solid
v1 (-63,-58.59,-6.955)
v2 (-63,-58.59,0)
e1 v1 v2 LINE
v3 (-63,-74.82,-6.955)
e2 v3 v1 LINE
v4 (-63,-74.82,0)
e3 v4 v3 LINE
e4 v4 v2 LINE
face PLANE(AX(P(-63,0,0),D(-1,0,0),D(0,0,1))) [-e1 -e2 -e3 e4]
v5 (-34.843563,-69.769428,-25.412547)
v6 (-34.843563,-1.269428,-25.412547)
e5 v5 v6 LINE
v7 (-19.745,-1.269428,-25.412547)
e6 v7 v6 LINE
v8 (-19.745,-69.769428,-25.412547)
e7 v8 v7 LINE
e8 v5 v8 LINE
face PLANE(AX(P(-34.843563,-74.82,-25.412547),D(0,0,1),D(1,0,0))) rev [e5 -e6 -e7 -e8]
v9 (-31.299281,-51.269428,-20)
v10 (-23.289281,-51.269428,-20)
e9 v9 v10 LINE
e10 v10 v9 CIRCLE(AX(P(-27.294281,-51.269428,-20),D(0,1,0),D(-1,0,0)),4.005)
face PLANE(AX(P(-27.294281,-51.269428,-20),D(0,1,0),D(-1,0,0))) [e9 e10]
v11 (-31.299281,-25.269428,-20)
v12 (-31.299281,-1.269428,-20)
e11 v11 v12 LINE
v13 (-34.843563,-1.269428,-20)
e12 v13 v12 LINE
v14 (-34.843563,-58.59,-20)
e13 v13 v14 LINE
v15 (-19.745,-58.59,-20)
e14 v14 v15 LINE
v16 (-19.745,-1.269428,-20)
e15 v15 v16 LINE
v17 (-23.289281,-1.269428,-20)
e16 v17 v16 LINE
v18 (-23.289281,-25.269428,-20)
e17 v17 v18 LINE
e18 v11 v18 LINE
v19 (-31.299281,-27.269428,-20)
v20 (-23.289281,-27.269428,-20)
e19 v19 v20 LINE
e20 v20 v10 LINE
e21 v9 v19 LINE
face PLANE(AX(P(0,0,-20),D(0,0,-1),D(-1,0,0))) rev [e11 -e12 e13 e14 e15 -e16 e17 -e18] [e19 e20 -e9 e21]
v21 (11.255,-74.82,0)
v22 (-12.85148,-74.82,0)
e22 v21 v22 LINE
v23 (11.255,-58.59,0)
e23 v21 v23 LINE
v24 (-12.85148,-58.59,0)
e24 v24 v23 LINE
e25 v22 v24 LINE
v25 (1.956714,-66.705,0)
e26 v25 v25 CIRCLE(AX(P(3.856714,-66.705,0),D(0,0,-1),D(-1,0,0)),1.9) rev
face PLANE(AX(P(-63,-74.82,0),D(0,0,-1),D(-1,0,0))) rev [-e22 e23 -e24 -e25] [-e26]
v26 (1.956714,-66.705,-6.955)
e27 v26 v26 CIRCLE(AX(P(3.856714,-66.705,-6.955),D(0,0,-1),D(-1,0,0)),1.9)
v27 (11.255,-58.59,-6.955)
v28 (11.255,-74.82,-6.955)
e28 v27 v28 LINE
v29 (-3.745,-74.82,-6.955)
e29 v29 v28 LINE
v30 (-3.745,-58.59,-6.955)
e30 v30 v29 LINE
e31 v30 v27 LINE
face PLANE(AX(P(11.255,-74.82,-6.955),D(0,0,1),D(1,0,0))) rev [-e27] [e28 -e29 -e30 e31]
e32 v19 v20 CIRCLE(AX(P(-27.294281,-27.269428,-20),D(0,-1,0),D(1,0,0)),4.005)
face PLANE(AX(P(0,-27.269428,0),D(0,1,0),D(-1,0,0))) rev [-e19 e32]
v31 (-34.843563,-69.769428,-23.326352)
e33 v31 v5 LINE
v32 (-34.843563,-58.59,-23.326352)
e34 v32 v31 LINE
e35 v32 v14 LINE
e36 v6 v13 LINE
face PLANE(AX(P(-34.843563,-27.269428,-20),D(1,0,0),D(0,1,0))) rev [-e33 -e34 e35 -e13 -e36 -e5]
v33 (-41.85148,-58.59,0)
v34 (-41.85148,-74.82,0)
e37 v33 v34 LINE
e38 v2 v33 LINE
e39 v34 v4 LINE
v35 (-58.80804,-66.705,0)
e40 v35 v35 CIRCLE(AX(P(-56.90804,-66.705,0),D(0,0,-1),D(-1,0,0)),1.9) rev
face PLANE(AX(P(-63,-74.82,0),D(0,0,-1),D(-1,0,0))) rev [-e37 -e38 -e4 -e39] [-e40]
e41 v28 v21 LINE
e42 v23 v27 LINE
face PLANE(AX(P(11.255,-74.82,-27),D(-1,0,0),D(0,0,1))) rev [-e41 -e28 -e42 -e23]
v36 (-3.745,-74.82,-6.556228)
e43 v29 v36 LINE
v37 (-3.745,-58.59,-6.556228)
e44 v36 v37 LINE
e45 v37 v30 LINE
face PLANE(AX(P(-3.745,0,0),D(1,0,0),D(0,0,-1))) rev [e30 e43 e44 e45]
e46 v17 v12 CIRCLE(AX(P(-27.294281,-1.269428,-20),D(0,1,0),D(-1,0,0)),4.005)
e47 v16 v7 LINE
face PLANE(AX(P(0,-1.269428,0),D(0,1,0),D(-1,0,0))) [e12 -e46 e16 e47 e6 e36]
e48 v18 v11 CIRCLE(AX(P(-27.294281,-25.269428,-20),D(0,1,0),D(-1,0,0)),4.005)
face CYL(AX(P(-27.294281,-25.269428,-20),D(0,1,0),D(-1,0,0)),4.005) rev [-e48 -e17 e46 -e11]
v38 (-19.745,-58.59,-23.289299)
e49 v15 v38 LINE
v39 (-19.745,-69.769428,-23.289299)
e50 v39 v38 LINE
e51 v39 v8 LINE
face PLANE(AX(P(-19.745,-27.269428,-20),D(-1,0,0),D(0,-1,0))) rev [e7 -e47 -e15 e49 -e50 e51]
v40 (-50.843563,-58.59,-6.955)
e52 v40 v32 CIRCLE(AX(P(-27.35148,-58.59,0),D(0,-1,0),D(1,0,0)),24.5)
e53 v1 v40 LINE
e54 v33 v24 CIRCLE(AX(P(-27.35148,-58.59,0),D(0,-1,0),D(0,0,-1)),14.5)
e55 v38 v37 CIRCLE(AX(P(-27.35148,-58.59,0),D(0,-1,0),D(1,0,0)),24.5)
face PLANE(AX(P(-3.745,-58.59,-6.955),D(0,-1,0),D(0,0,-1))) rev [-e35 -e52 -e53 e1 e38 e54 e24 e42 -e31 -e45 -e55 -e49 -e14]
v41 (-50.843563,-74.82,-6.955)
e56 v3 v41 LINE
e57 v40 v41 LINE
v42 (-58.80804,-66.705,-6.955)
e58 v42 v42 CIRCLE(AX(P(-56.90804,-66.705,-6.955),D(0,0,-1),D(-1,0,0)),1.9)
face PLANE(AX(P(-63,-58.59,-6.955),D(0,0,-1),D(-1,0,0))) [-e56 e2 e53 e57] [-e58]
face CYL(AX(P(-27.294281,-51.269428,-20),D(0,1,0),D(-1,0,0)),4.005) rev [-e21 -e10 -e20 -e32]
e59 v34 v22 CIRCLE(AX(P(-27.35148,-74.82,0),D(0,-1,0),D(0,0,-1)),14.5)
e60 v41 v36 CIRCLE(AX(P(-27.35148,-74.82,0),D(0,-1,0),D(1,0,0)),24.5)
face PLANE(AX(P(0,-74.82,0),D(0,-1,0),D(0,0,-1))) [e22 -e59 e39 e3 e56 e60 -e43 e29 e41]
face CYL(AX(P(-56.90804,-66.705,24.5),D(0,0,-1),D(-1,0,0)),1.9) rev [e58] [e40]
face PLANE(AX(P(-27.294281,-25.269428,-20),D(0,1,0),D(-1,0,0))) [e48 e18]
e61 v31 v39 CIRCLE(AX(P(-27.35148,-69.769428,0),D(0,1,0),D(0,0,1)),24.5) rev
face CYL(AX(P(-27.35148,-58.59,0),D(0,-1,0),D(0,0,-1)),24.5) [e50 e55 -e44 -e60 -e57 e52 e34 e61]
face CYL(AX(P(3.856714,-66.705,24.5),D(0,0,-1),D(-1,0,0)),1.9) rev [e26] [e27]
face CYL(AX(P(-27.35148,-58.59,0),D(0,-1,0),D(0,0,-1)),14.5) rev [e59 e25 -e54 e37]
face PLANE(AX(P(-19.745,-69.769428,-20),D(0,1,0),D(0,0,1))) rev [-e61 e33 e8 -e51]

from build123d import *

# Parameters (mm, degrees)
SKETCH_1_W                = 48.51
SKETCH_1_H                = 34
SKETCH_1_W_2              = 28.51
SKETCH_1_H_2              = 14
EXTRUDE_1_DEPTH           = 12.25
SKETCH_2_R                = 1.91
CUT_EXTRUDE_1_DEPTH       = 33.05257439
SKETCH_4_W                = 13
SKETCH_4_H                = 13.91
EXTRUDE_1_2_DEPTH         = 74.82
SKETCH_5_W                = 13.91
SKETCH_5_H                = 16.23
EXTRUDE_2_DEPTH           = 15
SKETCH_7_R                = 24.5
SKETCH_7_R_2              = 14.5
EXTRUDE_2_2_DEPTH         = 16.23
SKETCH_12_R               = 1.9
CUT_EXTRUDE_4_DEPTH       = 97.312124675
EXTRUDE_3_DEPTH           = 10
EXTRUDE_3_DEPTH_BACK      = 8
SKETCH_13_W               = 13.91
SKETCH_13_H               = 16.23
SKETCH_14_R               = 1.9
CUT_EXTRUDE_5_DEPTH       = 103.744583434
SKETCH_16_W               = 90.709398763
SKETCH_16_H               = 28.955068616
CUT_EXTRUDE_7_DEPTH       = 111.229011154
SKETCH_18_W               = 13
SKETCH_18_H               = 93.080932143
CUT_EXTRUDE_10_DEPTH      = 27
CUT_EXTRUDE_11_DEPTH      = 57
CUT_EXTRUDE_11_DEPTH_BACK = 27
SKETCH_17_W               = 20.23049449
SKETCH_17_H               = 80.723570055
SKETCH_21_W               = 15.09856282
SKETCH_21_H               = 42.5
EXTRUDE_6_DEPTH           = 10
SKETCH_22_R               = 4.005
CUT_EXTRUDE_12_DEPTH      = 24
SKETCH_23_W               = 15.09856282
SKETCH_23_H               = 4.587452919
CUT_EXTRUDE_13_DEPTH      = 85.439664289
SKETCH_24_W               = 15.09856282
SKETCH_24_H               = 5.412547081
EXTRUDE_8_DEPTH           = 26
SKETCH_25_R               = 4.005
CUT_EXTRUDE_14_DEPTH      = 24


with BuildPart() as part:
    # 草圖1 → Extrude 1 (new body)
    with BuildSketch(Plane(origin=(0, 0, 0), x_dir=(1, 0, 0), z_dir=(0, 1, 0))):
        Rectangle(SKETCH_1_W, SKETCH_1_H)
        Rectangle(SKETCH_1_W_2, SKETCH_1_H_2, mode=Mode.SUBTRACT)
    extrude(amount=EXTRUDE_1_DEPTH)

    # 草圖2 → 除料-伸長1 (cut, through all)
    with BuildSketch(Plane(origin=(0, 12.25, 0), x_dir=(1, 0, 0), z_dir=(0, 1, 0))):
        with Locations(Location((-19.255, 0, 0), (0, 0, 270))):
            Circle(SKETCH_2_R)
        with Locations(Location((19.255, 0, 0), (0, 0, 270))):
            Circle(SKETCH_2_R)
    extrude(amount=-CUT_EXTRUDE_1_DEPTH, mode=Mode.SUBTRACT)

    # 草圖4 → Extrude 1 2 (add)
    with BuildSketch(Plane.XZ):
        with Locations((17.755, 0)):
            Rectangle(SKETCH_4_W, SKETCH_4_H)
    extrude(amount=EXTRUDE_1_2_DEPTH)

    # 草圖5 → Extrude 2 (add)
    with BuildSketch(Plane.ZY.offset(-11.255)):
        with Locations((0, -66.705)):
            Rectangle(SKETCH_5_W, SKETCH_5_H)
    extrude(amount=EXTRUDE_2_DEPTH)

    # 草圖7 → Extrude 2 2 (add)
    with BuildSketch(Plane(origin=(3.626674765, -74.82, 0), x_dir=(1, 0, 0), z_dir=(0, -1, 0))):
        with Locations((-30.978154344, 0)):
            Circle(SKETCH_7_R)
        with Locations((-30.978154344, 0)):
            Circle(SKETCH_7_R_2, mode=Mode.SUBTRACT)
    extrude(amount=-EXTRUDE_2_2_DEPTH)

    # 草圖12 → 除料-伸長4 (cut, through all)
    with BuildSketch(Plane(origin=(0, 0, -6.955), x_dir=(-1, 0, 0), z_dir=(0, 0, -1))):
        with Locations((-3.856713649, -66.705)):
            Circle(SKETCH_12_R)
    extrude(amount=-CUT_EXTRUDE_4_DEPTH, mode=Mode.SUBTRACT)

    # 草圖13 → 填料-伸長3 (add, two sides: drawn at the far end of the back side and taken through both)
    with BuildSketch(Plane(origin=(-55, 0, 0), x_dir=(0, 0, -1), z_dir=(1, 0, 0)).offset(-EXTRUDE_3_DEPTH_BACK)):
        with Locations((0, -66.705)):
            Rectangle(SKETCH_13_W, SKETCH_13_H)
    extrude(amount=EXTRUDE_3_DEPTH + EXTRUDE_3_DEPTH_BACK)

    # 草圖14 → 除料-伸長5 (cut, through all)
    with BuildSketch(Plane(origin=(0, 0, -6.955), x_dir=(-1, 0, 0), z_dir=(0, 0, -1))):
        with Locations((56.908040017, -66.705)):
            Circle(SKETCH_14_R)
    extrude(amount=-CUT_EXTRUDE_5_DEPTH, mode=Mode.SUBTRACT)

    # 草圖16 → 除料-伸長7 (cut, through all)
    with BuildSketch(Plane(origin=(0, 12.25, 0), x_dir=(1, 0, 0), z_dir=(0, 1, 0))):
        with Locations((-17.645300619, -14.477534308)):
            Rectangle(SKETCH_16_W, SKETCH_16_H)
    extrude(amount=-CUT_EXTRUDE_7_DEPTH, mode=Mode.SUBTRACT)

    # 草圖18 → 除料-伸長10 (cut)
    with BuildSketch(Plane.XY):
        with Locations((17.755, -28.279533929)):
            Rectangle(SKETCH_18_W, SKETCH_18_H)
    extrude(amount=-CUT_EXTRUDE_10_DEPTH, mode=Mode.SUBTRACT)


with BuildPart() as cut_extrude_10_piece_1:
    # of the separate pieces the step leaves, piece 1, a body of its own (cut_extrude_10_pieces)
    add(part.part.solids().sort_by_distance((11.255, -58.59, -6.955))[0])

    # 草圖21 → 填料-伸長6 (add)
    with BuildSketch(Plane.XY.offset(-30)):
        with Locations((-27.29428141, -48.519427919)):
            Rectangle(SKETCH_21_W, SKETCH_21_H)
    extrude(amount=EXTRUDE_6_DEPTH)

    # 草圖22 → 除料-伸長12 (cut)
    with BuildSketch(Plane(origin=(0, -27.269427919, 0), x_dir=(1, 0, 0), z_dir=(0, 1, 0))):
        with Locations((-27.29428141, 20)):
            Circle(SKETCH_22_R)
    extrude(amount=-CUT_EXTRUDE_12_DEPTH, mode=Mode.SUBTRACT)

    # 草圖23 → 除料-伸長13 (cut, through all)
    with BuildSketch(Plane(origin=(0, -27.269427919, 0), x_dir=(1, 0, 0), z_dir=(0, 1, 0))):
        with Locations((-27.29428141, 27.706273541)):
            Rectangle(SKETCH_23_W, SKETCH_23_H)
    extrude(amount=-CUT_EXTRUDE_13_DEPTH, mode=Mode.SUBTRACT)

    # 草圖24 → 填料-伸長8 (add)
    with BuildSketch(Plane(origin=(0, -27.269427919, 0), x_dir=(1, 0, 0), z_dir=(0, 1, 0))):
        with Locations((-27.29428141, 22.70627354)):
            Rectangle(SKETCH_24_W, SKETCH_24_H)
    extrude(amount=EXTRUDE_8_DEPTH)

    # 草圖25 → 除料-伸長14 (cut)
    with BuildSketch(Plane(origin=(0, -1.269427919, 0), x_dir=(1, 0, 0), z_dir=(0, 1, 0))):
        with Locations((-27.29428141, 20)):
            Circle(SKETCH_25_R)
    extrude(amount=-CUT_EXTRUDE_14_DEPTH, mode=Mode.SUBTRACT)


with BuildPart() as cut_extrude_10_piece_2:
    # of the separate pieces the step leaves, piece 2, a body of its own (cut_extrude_10_pieces)
    add(part.part.solids().sort_by_distance((-17.345, 0, 0))[0])

    # 草圖17 → 除料-伸長11 (cut, two sides: drawn at the far end of the back side and taken through both)
    with BuildSketch(Plane.ZY.offset(-11.255).offset(-CUT_EXTRUDE_11_DEPTH_BACK)):
        with Locations((-10.115247245, -18.228214973)):
            Rectangle(SKETCH_17_W, SKETCH_17_H)
    extrude(amount=CUT_EXTRUDE_11_DEPTH + CUT_EXTRUDE_11_DEPTH_BACK, mode=Mode.SUBTRACT)


solid = cut_extrude_10_piece_1.part
